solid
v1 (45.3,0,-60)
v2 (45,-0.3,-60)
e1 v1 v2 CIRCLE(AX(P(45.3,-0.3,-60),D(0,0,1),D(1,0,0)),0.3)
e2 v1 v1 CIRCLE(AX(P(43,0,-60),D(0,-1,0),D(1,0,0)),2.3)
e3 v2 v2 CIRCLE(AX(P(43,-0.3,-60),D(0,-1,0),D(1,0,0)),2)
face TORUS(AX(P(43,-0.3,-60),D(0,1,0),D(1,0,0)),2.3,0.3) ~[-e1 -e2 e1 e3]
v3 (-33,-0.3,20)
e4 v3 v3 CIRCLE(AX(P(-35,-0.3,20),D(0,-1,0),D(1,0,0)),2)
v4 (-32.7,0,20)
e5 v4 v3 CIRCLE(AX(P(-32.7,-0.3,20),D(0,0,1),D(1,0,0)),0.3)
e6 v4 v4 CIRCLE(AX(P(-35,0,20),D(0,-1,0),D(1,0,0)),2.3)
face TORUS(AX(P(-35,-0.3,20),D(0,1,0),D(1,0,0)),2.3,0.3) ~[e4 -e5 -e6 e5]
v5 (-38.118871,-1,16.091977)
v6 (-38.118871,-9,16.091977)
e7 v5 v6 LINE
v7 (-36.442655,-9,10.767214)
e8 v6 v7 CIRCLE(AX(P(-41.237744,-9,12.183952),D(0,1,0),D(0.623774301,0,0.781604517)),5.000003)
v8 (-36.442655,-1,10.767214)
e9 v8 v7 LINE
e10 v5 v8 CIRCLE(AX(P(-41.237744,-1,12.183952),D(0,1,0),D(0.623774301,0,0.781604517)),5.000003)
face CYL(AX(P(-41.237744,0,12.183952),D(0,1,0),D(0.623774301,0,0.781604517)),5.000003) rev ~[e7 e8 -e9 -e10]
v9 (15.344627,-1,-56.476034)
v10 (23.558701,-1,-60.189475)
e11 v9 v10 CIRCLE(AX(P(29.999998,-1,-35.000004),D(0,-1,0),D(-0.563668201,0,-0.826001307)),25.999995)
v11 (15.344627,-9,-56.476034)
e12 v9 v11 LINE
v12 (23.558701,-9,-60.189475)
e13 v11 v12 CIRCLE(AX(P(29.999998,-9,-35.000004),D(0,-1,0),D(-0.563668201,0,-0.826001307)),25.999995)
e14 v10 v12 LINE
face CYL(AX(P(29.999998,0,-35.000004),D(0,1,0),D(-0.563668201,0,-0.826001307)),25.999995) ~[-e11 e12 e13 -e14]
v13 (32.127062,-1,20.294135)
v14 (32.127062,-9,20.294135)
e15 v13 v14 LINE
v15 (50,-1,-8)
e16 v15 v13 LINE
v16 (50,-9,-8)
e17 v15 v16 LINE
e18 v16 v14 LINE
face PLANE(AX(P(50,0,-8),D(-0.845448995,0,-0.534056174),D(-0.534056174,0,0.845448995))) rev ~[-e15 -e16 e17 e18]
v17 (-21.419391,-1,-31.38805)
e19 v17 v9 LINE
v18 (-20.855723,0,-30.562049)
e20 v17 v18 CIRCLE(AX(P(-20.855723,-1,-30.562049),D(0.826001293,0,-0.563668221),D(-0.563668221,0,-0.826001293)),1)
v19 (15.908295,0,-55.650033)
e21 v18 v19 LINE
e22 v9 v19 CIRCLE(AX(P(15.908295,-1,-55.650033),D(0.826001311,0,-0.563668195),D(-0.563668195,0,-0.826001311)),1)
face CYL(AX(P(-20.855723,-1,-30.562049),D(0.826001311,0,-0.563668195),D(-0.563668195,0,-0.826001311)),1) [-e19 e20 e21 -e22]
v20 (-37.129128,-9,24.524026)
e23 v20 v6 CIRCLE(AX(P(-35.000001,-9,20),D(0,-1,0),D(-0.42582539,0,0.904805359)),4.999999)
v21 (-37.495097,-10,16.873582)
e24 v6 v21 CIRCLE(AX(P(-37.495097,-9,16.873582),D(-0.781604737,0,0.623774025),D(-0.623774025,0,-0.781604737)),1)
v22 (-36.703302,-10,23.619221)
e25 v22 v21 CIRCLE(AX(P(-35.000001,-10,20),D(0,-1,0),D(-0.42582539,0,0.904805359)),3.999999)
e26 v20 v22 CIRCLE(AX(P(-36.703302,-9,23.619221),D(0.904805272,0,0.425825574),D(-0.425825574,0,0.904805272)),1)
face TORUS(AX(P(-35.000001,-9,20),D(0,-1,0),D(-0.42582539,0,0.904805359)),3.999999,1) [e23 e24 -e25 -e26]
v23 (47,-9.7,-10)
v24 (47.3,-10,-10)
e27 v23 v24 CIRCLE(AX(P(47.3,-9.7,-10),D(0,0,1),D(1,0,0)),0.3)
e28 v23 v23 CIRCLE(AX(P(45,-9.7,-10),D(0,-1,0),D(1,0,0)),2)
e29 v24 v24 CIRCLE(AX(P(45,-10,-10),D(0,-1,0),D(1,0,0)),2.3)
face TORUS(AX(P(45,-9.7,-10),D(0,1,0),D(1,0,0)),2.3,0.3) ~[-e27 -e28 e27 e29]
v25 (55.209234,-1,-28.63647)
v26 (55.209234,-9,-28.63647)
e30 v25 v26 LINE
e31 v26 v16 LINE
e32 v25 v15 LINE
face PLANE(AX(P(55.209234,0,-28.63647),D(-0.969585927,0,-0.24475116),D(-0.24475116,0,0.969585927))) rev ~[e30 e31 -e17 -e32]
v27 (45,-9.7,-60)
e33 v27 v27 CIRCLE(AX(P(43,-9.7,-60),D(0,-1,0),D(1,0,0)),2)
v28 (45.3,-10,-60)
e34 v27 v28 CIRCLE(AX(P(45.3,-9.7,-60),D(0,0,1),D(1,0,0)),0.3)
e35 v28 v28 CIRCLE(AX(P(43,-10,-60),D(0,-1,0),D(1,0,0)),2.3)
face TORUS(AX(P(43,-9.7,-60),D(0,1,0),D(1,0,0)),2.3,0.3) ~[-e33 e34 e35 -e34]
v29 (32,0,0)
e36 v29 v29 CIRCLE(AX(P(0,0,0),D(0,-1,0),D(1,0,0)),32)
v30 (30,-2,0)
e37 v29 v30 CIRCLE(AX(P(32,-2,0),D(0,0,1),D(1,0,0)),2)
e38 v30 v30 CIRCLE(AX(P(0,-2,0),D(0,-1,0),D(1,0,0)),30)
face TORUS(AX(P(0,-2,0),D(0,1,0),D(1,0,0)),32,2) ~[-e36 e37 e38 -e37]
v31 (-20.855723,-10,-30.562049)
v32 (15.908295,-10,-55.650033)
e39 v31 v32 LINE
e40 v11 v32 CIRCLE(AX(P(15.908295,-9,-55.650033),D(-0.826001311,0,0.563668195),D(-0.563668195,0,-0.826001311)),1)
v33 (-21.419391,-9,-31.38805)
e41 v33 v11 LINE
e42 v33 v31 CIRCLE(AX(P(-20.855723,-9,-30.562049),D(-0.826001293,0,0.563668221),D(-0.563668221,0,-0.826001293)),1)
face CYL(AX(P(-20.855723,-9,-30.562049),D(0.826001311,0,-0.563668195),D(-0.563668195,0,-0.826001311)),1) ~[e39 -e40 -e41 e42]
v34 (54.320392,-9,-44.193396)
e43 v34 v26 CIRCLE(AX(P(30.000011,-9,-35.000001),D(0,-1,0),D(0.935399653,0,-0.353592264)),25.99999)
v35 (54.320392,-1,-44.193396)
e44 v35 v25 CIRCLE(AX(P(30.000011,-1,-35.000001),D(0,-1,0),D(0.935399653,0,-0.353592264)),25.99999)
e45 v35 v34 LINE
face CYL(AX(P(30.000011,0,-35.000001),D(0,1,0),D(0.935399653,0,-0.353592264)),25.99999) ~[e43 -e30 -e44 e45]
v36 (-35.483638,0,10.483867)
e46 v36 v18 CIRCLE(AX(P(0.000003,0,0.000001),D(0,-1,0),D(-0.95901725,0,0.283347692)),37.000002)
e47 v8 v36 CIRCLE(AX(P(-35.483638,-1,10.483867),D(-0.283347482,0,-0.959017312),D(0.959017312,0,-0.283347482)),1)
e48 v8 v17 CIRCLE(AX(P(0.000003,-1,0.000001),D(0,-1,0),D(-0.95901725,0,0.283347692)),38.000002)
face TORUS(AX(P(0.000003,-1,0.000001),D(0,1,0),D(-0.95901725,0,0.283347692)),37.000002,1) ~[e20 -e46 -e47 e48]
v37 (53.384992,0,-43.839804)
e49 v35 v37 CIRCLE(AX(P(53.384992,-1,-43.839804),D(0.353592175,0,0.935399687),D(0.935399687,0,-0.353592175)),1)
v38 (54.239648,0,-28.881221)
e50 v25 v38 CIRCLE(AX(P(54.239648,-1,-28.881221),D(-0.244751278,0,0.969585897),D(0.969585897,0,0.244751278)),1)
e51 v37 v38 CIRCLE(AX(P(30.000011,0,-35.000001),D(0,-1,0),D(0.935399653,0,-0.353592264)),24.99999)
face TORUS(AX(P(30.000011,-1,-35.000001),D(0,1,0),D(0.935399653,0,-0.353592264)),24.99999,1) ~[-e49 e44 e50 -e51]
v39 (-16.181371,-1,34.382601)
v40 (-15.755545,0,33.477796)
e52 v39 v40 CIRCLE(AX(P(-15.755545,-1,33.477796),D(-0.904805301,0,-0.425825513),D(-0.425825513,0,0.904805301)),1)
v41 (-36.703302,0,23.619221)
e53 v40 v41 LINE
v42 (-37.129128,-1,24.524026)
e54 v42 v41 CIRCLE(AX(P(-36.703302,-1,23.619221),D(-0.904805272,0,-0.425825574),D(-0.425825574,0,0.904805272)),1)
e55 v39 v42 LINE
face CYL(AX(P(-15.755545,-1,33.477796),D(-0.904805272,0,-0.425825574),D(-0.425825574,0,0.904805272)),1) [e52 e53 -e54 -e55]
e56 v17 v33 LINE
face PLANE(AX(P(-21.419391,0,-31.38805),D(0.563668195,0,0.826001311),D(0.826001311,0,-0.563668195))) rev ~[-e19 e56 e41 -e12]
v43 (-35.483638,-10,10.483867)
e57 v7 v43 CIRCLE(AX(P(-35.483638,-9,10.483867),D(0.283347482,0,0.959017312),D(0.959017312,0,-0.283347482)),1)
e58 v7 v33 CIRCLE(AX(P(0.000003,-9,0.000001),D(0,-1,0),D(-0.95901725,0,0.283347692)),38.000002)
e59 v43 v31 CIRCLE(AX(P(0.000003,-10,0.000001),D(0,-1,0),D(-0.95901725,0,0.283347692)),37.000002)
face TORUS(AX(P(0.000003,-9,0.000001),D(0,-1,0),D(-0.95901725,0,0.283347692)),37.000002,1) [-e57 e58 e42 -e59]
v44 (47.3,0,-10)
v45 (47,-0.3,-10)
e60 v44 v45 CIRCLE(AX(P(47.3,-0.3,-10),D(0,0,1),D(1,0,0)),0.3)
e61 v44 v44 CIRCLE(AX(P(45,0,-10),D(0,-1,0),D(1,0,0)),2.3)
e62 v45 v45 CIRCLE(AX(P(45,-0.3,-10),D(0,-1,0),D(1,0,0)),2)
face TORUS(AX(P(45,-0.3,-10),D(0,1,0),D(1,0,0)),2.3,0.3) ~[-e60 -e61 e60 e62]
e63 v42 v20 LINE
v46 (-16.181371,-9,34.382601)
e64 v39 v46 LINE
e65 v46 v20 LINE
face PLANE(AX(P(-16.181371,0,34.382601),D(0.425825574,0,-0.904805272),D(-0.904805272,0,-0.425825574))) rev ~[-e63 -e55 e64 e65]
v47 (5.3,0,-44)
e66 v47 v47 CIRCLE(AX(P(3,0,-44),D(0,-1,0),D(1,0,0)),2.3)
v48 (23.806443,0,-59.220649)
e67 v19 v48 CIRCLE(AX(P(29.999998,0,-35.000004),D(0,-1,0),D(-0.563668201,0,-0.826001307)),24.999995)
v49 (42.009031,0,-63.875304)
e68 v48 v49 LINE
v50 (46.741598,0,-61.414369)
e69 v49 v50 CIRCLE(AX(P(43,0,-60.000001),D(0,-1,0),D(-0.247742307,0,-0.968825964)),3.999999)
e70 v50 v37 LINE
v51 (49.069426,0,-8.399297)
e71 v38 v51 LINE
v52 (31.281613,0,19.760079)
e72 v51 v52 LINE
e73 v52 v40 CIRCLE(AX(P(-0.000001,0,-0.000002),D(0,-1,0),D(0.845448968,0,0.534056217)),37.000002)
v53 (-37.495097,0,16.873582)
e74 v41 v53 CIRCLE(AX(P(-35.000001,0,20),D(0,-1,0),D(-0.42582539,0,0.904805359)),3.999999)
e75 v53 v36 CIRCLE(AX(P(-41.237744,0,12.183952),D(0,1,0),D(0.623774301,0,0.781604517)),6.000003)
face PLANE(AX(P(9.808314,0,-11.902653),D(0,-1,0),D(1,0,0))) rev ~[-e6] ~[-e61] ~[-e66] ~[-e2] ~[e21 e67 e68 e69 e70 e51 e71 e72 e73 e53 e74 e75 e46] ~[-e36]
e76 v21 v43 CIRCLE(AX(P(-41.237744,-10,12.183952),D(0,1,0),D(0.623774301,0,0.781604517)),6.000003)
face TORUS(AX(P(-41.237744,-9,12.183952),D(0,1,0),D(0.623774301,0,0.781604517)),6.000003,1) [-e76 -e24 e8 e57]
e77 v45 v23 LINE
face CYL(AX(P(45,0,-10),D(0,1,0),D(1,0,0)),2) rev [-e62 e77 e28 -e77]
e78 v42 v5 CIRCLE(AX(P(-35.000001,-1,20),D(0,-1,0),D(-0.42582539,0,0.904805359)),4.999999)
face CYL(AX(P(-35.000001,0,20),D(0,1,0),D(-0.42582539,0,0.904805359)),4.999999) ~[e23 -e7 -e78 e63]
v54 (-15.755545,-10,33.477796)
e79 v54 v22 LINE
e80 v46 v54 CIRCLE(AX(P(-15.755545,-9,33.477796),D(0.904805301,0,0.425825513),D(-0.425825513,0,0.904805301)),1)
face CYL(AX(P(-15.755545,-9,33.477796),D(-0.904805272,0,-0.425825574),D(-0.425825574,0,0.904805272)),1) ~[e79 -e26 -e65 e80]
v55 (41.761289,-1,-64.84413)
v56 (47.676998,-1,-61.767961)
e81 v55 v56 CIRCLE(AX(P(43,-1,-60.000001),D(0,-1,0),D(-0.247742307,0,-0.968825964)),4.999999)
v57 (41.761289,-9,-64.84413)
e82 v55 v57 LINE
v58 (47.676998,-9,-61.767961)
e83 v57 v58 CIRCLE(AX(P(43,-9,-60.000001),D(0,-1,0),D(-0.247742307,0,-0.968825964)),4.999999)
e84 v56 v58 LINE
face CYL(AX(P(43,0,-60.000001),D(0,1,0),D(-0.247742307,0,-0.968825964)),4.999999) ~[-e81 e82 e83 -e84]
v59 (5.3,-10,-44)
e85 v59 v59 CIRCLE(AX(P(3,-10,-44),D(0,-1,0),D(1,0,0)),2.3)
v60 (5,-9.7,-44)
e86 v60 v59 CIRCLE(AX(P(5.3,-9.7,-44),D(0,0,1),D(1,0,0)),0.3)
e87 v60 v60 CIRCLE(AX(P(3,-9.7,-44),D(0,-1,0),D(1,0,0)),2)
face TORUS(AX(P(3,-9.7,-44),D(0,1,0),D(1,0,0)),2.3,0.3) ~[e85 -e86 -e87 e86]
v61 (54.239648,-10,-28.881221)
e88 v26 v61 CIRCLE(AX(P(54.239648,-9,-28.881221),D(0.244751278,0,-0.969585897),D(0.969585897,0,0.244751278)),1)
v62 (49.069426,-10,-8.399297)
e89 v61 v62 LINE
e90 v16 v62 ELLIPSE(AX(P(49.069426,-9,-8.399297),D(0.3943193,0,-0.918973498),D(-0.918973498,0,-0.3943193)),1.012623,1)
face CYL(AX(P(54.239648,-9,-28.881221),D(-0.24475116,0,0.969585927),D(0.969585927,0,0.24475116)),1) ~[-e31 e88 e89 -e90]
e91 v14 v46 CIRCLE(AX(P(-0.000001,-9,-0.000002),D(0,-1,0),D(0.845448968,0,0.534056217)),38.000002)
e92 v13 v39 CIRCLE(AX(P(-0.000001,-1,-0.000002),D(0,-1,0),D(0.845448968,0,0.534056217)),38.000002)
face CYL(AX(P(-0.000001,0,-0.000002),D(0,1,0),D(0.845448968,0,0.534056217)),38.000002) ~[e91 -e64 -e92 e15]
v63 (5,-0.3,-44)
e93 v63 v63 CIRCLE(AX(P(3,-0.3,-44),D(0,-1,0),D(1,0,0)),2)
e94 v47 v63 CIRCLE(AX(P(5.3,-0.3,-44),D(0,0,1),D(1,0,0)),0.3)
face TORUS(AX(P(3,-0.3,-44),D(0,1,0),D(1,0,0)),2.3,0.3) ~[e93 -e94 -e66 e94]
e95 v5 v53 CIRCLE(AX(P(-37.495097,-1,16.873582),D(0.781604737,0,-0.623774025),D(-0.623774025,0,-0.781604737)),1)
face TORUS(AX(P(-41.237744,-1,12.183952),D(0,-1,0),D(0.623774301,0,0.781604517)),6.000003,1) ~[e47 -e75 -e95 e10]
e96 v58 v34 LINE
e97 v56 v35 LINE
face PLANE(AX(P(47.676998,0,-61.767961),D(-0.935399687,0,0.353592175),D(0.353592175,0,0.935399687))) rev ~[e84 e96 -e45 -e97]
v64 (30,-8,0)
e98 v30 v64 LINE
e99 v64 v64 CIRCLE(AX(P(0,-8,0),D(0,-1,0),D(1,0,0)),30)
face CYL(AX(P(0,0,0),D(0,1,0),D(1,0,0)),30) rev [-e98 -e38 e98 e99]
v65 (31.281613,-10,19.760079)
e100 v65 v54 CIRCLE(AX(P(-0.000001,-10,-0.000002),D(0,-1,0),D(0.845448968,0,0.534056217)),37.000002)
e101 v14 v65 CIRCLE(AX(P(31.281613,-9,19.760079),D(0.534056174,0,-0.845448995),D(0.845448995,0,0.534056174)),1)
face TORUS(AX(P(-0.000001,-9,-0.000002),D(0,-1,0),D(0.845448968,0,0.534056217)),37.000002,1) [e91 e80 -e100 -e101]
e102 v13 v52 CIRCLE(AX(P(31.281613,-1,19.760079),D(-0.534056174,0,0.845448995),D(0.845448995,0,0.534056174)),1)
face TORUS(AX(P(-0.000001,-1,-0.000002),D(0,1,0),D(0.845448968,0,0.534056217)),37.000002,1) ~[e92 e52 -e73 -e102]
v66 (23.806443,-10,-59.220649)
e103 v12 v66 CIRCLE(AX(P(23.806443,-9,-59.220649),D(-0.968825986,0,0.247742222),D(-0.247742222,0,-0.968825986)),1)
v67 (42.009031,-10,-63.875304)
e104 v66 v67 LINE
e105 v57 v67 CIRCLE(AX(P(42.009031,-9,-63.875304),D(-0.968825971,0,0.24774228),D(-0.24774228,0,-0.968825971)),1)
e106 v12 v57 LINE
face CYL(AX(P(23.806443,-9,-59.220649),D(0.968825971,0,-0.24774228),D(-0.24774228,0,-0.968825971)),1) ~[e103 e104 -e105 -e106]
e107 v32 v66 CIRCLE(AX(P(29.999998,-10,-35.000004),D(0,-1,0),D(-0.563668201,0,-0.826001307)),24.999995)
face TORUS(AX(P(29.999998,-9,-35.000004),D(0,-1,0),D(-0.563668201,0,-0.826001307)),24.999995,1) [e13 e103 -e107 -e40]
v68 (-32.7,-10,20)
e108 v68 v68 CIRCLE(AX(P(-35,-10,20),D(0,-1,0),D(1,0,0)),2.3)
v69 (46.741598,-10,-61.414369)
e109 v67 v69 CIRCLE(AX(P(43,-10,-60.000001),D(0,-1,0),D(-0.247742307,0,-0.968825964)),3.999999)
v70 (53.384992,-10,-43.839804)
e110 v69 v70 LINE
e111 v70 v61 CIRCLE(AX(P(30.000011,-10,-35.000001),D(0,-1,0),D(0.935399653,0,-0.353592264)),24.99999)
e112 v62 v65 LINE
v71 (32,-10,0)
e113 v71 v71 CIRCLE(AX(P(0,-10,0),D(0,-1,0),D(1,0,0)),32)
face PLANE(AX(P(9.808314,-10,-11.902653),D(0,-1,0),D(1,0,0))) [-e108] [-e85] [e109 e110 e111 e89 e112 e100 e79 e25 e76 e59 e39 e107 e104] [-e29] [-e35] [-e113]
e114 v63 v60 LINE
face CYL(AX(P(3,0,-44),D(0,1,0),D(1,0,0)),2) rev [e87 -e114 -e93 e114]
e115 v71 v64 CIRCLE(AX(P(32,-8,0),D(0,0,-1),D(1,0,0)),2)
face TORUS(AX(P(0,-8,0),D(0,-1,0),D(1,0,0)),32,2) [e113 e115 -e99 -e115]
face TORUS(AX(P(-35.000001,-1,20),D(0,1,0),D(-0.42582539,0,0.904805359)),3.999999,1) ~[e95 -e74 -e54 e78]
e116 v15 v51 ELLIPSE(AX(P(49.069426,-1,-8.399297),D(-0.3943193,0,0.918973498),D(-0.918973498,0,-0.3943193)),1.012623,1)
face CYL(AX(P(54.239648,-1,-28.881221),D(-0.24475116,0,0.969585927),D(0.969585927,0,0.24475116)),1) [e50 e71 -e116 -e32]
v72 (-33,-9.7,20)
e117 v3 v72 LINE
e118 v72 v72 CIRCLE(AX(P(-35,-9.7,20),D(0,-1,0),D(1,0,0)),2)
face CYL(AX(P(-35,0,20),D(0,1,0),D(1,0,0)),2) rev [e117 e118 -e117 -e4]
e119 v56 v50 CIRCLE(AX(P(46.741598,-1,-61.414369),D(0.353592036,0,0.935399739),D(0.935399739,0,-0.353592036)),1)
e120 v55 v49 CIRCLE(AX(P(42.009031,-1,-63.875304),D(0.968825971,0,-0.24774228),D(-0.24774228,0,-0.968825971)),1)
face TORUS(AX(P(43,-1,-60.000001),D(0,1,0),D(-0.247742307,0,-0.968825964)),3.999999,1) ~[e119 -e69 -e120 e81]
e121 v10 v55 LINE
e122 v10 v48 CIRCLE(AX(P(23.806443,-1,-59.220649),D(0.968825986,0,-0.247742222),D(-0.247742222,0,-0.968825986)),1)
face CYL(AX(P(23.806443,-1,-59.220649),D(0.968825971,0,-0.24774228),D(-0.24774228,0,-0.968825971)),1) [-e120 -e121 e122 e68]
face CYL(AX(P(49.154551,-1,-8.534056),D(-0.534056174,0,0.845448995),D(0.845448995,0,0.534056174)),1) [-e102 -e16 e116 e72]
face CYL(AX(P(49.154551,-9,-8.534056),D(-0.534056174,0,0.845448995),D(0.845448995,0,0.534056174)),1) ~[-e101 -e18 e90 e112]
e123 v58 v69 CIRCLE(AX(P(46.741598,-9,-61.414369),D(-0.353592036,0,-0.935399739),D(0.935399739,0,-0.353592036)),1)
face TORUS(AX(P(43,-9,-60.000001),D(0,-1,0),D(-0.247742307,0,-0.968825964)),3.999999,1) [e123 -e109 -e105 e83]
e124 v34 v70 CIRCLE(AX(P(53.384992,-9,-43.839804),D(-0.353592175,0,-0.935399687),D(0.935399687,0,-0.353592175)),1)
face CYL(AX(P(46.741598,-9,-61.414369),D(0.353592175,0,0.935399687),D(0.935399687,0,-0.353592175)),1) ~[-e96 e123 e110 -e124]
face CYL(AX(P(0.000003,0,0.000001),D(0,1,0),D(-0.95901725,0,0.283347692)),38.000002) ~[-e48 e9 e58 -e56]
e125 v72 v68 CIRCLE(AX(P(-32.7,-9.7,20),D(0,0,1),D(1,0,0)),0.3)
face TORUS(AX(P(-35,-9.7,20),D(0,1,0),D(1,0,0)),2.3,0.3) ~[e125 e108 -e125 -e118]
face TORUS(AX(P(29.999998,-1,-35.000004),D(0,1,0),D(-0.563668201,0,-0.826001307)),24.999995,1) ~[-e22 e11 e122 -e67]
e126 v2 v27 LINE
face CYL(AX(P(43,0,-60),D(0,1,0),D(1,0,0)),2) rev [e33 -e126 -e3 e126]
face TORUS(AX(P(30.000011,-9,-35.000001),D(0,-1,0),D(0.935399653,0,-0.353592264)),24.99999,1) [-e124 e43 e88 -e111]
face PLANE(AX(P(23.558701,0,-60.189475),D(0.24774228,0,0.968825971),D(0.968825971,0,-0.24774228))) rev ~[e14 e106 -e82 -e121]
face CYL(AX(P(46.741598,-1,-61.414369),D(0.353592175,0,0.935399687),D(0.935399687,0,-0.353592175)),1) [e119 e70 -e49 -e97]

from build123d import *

# Parameters (mm, degrees)
F0_R     = 2
F0_R_2   = 30
F1_DEPTH = 10
F2_R     = 1
F3_R     = 2
F4_R     = 0.3


with BuildPart() as f1:
    # F0 (on Front) → F1 (new body)
    with BuildSketch(Plane.XZ):
        with BuildLine():
            Line((50, -8), (32.127062, 20.294135))
            ThreePointArc((32.127062, 20.294135), (10.63896, 36.480303), (-16.181371, 34.382601))
            Line((-16.181371, 34.382601), (-37.129128, 24.524026))
            ThreePointArc((-37.129128, 24.524026), (-39.965908, 20.582892), (-38.118871, 16.091977))
            ThreePointArc((-38.118871, 16.091977), (-36.46847, 13.685302), (-36.442655, 10.767214))
            ThreePointArc((-36.442655, 10.767214), (-35.794841, -12.75654), (-21.419391, -31.38805))
            Line((-21.419391, -31.38805), (15.344627, -56.476034))
            ThreePointArc((15.344627, -56.476034), (19.2895, -58.691458), (23.558701, -60.189475))
            Line((23.558701, -60.189475), (41.761289, -64.84413))
            ThreePointArc((41.761289, -64.84413), (45.306764, -64.436084), (47.676998, -61.767961))
            Line((47.676998, -61.767961), (54.320392, -44.193396))
            ThreePointArc((54.320392, -44.193396), (55.957667, -36.483086), (55.209234, -28.63647))
            Line((55.209234, -28.63647), (50, -8))
        make_face()
        with Locations((3, -44)):
            Circle(F0_R, mode=Mode.SUBTRACT)
        with Locations((43, -60)):
            Circle(F0_R, mode=Mode.SUBTRACT)
        Circle(F0_R_2, mode=Mode.SUBTRACT)
        with Locations((-35, 20)):
            Circle(F0_R, mode=Mode.SUBTRACT)
        with Locations((45, -10)):
            Circle(F0_R, mode=Mode.SUBTRACT)
    extrude(amount=F1_DEPTH)

    # F2
    f2_edges = [f1.edges().sort_by_distance(p)[0] for p in [
        (10.63896, -10, 36.480303),
        (10.63896, 0, 36.480303),
    ]]
    fillet(f2_edges, radius=F2_R)

    # F3
    f3_edges = [f1.edges().sort_by_distance(p)[0] for p in [
        (-30, -10, 0),
        (-30, 0, 0),
    ]]
    fillet(f3_edges, radius=F3_R)

    # F4
    f4_edges = [f1.edges().sort_by_distance(p)[0] for p in [
        (-37, 0, 20),
        (1, 0, -44),
        (43, 0, -10),
        (41, 0, -60),
        (-37, -10, 20),
        (1, -10, -44),
        (43, -10, -10),
        (41, -10, -60),
    ]]
    fillet(f4_edges, radius=F4_R)


solid = f1.part
